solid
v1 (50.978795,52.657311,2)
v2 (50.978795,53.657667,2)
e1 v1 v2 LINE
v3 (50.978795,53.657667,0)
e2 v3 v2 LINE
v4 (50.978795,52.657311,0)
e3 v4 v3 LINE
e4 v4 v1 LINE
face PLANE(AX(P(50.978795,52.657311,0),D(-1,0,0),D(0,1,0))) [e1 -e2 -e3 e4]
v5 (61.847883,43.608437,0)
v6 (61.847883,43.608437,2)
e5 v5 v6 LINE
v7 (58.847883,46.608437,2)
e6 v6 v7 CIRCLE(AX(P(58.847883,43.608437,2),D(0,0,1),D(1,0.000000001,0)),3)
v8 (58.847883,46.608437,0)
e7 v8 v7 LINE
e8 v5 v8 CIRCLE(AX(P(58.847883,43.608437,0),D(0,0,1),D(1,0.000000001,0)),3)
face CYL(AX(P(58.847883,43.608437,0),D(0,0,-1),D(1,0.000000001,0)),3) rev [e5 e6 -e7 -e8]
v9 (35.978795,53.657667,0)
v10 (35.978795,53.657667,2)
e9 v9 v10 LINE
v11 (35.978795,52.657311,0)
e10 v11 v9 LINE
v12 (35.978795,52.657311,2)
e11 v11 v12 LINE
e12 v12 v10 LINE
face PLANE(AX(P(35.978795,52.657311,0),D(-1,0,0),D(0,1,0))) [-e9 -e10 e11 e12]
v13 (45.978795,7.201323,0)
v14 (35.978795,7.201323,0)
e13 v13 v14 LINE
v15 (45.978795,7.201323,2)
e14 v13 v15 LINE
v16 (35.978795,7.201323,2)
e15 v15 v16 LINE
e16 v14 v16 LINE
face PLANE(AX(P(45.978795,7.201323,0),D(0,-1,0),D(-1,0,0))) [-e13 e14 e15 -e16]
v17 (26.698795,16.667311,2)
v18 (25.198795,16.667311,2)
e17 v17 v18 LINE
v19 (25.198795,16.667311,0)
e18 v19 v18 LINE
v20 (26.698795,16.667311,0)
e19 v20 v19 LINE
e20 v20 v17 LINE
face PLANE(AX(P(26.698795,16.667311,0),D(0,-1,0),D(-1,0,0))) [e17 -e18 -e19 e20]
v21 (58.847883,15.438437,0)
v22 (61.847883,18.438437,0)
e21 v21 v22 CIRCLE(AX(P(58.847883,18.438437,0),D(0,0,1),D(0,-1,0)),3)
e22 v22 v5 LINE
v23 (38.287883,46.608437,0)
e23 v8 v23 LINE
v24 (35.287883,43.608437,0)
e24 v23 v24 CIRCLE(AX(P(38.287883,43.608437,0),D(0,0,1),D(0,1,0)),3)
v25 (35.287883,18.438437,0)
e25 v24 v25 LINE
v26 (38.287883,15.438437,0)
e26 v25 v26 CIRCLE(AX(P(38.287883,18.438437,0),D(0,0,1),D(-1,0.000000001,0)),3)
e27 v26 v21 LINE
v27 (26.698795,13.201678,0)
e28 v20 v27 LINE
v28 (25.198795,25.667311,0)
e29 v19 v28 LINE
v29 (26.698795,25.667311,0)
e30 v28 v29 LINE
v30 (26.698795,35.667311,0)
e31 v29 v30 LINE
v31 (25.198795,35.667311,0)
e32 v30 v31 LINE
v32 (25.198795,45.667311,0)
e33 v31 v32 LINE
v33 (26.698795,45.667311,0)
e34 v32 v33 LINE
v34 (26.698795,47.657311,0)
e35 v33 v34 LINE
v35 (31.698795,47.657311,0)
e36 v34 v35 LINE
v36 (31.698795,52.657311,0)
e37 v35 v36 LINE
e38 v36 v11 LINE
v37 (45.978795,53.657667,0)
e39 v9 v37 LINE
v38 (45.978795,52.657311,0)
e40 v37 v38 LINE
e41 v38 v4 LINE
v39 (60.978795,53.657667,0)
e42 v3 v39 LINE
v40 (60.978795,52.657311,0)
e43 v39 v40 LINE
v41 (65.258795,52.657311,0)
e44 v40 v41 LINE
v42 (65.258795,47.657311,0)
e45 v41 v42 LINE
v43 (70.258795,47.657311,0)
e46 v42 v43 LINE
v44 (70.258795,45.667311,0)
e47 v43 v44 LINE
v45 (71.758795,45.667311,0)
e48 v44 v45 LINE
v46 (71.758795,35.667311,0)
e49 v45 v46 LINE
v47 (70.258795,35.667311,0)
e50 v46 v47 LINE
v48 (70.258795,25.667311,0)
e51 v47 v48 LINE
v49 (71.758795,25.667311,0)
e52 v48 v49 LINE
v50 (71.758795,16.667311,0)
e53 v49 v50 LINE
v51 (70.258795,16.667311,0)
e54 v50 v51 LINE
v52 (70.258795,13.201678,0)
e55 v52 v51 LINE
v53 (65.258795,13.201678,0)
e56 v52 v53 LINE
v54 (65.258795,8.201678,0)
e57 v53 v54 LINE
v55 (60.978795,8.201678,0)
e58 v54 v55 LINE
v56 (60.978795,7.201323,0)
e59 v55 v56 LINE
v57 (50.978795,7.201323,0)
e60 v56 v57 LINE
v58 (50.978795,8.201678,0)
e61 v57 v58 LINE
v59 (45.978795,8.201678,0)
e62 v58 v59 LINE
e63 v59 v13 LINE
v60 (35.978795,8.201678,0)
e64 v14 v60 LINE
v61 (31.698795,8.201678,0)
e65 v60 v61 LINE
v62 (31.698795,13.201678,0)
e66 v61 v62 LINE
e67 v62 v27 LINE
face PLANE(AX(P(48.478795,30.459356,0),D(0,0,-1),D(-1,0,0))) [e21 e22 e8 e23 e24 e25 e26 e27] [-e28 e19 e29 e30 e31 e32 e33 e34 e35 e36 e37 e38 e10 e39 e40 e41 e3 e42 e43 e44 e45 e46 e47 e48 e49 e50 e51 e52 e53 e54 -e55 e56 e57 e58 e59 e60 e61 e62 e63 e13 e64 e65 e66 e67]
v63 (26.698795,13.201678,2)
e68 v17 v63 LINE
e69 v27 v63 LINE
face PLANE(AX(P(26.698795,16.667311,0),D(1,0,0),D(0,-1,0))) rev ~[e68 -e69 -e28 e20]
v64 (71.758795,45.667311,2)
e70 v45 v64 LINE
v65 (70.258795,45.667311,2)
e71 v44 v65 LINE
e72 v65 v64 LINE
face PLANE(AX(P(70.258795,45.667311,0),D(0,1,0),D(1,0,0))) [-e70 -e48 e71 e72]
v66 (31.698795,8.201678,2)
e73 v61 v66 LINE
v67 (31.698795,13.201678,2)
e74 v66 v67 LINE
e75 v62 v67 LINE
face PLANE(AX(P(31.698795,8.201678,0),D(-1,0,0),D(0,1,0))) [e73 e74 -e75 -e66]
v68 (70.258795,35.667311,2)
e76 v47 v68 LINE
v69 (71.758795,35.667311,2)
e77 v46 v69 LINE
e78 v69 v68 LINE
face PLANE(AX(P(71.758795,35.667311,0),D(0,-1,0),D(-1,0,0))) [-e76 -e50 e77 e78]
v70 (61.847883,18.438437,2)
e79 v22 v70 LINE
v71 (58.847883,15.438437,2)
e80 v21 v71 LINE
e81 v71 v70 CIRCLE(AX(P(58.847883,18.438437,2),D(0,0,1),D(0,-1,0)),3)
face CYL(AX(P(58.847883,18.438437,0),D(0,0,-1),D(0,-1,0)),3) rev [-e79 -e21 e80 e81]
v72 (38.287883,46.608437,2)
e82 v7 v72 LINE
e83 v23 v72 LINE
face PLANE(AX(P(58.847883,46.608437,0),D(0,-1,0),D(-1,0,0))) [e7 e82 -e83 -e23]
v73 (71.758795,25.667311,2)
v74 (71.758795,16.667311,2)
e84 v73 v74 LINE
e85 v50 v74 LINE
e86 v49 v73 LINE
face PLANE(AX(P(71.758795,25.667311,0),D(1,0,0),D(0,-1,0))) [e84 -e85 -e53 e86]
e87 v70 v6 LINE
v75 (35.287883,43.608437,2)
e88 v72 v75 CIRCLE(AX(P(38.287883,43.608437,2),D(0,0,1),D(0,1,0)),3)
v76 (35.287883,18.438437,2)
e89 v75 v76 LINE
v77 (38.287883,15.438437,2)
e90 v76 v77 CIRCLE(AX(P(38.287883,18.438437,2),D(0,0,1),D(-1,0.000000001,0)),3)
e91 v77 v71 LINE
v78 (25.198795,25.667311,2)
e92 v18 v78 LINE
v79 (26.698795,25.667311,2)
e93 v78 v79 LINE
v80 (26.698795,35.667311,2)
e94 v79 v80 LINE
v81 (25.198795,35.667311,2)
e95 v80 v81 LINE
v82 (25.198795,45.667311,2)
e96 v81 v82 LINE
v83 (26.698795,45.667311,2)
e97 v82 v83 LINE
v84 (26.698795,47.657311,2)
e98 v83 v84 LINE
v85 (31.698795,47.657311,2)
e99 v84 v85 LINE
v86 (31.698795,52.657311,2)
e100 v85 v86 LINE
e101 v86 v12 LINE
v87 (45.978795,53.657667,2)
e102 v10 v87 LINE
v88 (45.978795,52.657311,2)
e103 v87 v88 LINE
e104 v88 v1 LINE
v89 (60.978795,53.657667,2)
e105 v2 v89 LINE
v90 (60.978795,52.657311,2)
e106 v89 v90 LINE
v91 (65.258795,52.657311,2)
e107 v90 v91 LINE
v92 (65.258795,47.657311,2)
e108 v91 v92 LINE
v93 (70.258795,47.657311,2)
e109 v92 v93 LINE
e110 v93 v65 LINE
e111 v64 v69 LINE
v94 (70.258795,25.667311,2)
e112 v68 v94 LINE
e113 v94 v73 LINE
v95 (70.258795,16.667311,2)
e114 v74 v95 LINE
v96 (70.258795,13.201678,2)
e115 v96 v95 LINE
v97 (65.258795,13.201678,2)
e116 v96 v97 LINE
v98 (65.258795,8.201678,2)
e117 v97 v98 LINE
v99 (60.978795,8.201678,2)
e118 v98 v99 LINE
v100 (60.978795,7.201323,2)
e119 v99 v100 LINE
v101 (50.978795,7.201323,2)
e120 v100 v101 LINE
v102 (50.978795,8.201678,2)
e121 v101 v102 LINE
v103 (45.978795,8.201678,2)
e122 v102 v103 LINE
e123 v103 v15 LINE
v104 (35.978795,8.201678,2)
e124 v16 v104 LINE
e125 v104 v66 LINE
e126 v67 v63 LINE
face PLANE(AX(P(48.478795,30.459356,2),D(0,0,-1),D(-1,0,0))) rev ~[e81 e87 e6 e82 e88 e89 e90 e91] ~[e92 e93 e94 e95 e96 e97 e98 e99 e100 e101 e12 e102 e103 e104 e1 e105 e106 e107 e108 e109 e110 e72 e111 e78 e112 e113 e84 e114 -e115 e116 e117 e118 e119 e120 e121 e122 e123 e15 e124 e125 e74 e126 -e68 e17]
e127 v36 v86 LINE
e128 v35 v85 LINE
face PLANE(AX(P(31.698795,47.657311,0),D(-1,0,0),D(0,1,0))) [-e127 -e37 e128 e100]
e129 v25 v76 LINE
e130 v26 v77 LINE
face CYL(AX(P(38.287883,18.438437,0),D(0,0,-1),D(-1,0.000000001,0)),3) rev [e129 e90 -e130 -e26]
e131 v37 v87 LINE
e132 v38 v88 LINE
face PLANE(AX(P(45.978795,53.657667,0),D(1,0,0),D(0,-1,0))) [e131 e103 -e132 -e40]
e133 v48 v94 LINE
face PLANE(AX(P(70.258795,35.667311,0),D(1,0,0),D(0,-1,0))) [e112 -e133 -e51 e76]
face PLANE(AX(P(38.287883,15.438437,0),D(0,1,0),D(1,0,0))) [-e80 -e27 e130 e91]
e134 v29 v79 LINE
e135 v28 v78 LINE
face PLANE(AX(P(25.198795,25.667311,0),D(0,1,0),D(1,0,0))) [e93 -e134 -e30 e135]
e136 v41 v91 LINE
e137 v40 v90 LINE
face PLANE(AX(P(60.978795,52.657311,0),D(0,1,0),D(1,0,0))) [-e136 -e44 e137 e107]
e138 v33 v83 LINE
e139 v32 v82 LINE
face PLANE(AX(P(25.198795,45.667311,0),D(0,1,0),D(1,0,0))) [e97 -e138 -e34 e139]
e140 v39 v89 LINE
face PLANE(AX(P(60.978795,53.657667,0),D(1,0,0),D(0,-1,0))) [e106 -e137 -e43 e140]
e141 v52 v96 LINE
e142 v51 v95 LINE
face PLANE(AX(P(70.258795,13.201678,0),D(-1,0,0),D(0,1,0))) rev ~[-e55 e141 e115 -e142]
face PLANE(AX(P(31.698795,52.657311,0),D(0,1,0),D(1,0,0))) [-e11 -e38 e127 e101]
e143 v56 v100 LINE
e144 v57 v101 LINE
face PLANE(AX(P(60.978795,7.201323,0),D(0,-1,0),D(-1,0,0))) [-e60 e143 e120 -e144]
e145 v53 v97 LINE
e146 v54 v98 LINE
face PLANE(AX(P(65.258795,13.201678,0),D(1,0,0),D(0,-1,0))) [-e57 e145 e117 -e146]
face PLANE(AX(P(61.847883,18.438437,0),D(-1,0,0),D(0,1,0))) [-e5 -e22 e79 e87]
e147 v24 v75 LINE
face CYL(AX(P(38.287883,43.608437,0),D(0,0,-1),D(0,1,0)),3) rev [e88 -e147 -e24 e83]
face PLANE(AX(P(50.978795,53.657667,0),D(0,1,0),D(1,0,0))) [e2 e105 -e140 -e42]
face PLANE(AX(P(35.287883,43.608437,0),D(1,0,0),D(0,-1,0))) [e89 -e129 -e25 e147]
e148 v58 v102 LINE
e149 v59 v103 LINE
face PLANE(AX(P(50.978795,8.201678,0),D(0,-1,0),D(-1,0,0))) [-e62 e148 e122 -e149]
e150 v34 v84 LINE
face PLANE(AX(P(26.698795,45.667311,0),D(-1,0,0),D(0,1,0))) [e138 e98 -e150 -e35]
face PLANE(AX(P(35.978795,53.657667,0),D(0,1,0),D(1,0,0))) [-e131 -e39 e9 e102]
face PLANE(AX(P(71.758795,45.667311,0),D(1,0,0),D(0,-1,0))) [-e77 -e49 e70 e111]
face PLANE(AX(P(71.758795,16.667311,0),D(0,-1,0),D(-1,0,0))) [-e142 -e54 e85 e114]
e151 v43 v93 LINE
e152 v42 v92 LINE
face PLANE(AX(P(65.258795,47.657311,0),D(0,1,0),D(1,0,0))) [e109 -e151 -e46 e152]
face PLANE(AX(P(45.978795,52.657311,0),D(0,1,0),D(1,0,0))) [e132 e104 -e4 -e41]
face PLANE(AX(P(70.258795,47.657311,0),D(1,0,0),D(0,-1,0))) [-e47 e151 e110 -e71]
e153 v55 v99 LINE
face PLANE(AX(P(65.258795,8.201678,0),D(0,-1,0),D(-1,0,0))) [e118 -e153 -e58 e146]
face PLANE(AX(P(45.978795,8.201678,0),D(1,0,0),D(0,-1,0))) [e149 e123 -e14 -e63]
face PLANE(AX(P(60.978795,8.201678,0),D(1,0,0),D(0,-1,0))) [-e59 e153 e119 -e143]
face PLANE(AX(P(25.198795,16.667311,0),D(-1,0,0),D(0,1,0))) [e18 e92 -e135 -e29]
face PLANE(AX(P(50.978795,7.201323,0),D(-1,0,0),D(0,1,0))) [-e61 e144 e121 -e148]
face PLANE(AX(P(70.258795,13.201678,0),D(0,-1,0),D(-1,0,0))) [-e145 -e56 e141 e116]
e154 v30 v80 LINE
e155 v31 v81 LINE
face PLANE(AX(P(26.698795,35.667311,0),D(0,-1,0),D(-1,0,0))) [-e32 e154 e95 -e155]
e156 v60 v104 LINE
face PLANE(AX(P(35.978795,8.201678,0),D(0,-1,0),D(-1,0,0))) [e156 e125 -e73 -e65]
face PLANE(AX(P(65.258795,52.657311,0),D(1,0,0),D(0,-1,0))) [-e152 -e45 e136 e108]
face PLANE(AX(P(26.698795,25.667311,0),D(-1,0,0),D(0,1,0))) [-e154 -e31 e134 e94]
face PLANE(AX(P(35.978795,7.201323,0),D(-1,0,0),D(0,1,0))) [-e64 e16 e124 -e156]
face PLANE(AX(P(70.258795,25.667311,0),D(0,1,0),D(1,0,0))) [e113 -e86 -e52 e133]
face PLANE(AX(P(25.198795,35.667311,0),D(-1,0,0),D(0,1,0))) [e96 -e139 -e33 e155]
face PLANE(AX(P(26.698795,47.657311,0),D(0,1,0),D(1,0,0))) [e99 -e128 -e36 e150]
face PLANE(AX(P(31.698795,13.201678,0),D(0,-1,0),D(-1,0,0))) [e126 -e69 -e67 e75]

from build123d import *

# Parameters (mm, degrees)
EXTRUDE_1_DEPTH = 2


with BuildPart() as part:
    # Model → 凸台-拉伸1 (new body)
    with BuildSketch(Plane.XY):
        Polygon((31.698795353, 52.657311482), (35.978795353, 52.657311482), (35.978795353, 53.657667188), (45.978795353, 53.657667188), (45.978795353, 52.657311482), (50.978795353, 52.657311482), (50.978795353, 53.657667188), (60.978795353, 53.657667188), (60.978795353, 52.657311482), (65.258795353, 52.657311482), (65.258795353, 47.657311482), (70.258795353, 47.657311482), (70.258795353, 45.667311482), (71.758795353, 45.667311482), (71.758795353, 35.667311482), (70.258795353, 35.667311482), (70.258795353, 25.667311482), (71.758795353, 25.667311482), (71.758795353, 16.667311482), (70.258795353, 16.667311482), (70.258795353, 15.517311482), (70.258795353, 13.201678386), (65.258795353, 13.201678386), (65.258795353, 8.201678386), (60.978795353, 8.201678386), (60.978795353, 7.20132268), (50.978795353, 7.20132268), (50.978795353, 8.201678386), (45.978795353, 8.201678386), (45.978795353, 7.20132268), (35.978795353, 7.20132268), (35.978795353, 8.201678386), (31.698795353, 8.201678386), (31.698795353, 13.201678386), (26.698795353, 13.201678386), (26.698795353, 15.517311482), (26.698795353, 16.667311482), (25.198795353, 16.667311482), (25.198795353, 25.667311482), (26.698795353, 25.667311482), (26.698795353, 35.667311482), (25.198795353, 35.667311482), (25.198795353, 45.667311482), (26.698795353, 45.667311482), (26.698795353, 47.657311482), (31.698795353, 47.657311482), align=None)
        with BuildLine():
            Line((58.847883072, 46.60843734), (38.287883072, 46.60843734))
            ThreePointArc((38.287883072, 46.60843734), (36.166562728, 45.729757683), (35.287883072, 43.60843734))
            Line((35.287883072, 43.60843734), (35.287883072, 18.43843734))
            ThreePointArc((35.287883072, 18.43843734), (36.166562728, 16.317116996), (38.287883072, 15.43843734))
            Line((38.287883072, 15.43843734), (58.847883072, 15.43843734))
            ThreePointArc((58.847883072, 15.43843734), (60.969203415, 16.317116996), (61.847883072, 18.43843734))
            Line((61.847883072, 18.43843734), (61.847883072, 43.60843734))
            ThreePointArc((61.847883072, 43.60843734), (60.969203415, 45.729757683), (58.847883072, 46.60843734))
        make_face(mode=Mode.SUBTRACT)
    extrude(amount=EXTRUDE_1_DEPTH)


solid = part.part
